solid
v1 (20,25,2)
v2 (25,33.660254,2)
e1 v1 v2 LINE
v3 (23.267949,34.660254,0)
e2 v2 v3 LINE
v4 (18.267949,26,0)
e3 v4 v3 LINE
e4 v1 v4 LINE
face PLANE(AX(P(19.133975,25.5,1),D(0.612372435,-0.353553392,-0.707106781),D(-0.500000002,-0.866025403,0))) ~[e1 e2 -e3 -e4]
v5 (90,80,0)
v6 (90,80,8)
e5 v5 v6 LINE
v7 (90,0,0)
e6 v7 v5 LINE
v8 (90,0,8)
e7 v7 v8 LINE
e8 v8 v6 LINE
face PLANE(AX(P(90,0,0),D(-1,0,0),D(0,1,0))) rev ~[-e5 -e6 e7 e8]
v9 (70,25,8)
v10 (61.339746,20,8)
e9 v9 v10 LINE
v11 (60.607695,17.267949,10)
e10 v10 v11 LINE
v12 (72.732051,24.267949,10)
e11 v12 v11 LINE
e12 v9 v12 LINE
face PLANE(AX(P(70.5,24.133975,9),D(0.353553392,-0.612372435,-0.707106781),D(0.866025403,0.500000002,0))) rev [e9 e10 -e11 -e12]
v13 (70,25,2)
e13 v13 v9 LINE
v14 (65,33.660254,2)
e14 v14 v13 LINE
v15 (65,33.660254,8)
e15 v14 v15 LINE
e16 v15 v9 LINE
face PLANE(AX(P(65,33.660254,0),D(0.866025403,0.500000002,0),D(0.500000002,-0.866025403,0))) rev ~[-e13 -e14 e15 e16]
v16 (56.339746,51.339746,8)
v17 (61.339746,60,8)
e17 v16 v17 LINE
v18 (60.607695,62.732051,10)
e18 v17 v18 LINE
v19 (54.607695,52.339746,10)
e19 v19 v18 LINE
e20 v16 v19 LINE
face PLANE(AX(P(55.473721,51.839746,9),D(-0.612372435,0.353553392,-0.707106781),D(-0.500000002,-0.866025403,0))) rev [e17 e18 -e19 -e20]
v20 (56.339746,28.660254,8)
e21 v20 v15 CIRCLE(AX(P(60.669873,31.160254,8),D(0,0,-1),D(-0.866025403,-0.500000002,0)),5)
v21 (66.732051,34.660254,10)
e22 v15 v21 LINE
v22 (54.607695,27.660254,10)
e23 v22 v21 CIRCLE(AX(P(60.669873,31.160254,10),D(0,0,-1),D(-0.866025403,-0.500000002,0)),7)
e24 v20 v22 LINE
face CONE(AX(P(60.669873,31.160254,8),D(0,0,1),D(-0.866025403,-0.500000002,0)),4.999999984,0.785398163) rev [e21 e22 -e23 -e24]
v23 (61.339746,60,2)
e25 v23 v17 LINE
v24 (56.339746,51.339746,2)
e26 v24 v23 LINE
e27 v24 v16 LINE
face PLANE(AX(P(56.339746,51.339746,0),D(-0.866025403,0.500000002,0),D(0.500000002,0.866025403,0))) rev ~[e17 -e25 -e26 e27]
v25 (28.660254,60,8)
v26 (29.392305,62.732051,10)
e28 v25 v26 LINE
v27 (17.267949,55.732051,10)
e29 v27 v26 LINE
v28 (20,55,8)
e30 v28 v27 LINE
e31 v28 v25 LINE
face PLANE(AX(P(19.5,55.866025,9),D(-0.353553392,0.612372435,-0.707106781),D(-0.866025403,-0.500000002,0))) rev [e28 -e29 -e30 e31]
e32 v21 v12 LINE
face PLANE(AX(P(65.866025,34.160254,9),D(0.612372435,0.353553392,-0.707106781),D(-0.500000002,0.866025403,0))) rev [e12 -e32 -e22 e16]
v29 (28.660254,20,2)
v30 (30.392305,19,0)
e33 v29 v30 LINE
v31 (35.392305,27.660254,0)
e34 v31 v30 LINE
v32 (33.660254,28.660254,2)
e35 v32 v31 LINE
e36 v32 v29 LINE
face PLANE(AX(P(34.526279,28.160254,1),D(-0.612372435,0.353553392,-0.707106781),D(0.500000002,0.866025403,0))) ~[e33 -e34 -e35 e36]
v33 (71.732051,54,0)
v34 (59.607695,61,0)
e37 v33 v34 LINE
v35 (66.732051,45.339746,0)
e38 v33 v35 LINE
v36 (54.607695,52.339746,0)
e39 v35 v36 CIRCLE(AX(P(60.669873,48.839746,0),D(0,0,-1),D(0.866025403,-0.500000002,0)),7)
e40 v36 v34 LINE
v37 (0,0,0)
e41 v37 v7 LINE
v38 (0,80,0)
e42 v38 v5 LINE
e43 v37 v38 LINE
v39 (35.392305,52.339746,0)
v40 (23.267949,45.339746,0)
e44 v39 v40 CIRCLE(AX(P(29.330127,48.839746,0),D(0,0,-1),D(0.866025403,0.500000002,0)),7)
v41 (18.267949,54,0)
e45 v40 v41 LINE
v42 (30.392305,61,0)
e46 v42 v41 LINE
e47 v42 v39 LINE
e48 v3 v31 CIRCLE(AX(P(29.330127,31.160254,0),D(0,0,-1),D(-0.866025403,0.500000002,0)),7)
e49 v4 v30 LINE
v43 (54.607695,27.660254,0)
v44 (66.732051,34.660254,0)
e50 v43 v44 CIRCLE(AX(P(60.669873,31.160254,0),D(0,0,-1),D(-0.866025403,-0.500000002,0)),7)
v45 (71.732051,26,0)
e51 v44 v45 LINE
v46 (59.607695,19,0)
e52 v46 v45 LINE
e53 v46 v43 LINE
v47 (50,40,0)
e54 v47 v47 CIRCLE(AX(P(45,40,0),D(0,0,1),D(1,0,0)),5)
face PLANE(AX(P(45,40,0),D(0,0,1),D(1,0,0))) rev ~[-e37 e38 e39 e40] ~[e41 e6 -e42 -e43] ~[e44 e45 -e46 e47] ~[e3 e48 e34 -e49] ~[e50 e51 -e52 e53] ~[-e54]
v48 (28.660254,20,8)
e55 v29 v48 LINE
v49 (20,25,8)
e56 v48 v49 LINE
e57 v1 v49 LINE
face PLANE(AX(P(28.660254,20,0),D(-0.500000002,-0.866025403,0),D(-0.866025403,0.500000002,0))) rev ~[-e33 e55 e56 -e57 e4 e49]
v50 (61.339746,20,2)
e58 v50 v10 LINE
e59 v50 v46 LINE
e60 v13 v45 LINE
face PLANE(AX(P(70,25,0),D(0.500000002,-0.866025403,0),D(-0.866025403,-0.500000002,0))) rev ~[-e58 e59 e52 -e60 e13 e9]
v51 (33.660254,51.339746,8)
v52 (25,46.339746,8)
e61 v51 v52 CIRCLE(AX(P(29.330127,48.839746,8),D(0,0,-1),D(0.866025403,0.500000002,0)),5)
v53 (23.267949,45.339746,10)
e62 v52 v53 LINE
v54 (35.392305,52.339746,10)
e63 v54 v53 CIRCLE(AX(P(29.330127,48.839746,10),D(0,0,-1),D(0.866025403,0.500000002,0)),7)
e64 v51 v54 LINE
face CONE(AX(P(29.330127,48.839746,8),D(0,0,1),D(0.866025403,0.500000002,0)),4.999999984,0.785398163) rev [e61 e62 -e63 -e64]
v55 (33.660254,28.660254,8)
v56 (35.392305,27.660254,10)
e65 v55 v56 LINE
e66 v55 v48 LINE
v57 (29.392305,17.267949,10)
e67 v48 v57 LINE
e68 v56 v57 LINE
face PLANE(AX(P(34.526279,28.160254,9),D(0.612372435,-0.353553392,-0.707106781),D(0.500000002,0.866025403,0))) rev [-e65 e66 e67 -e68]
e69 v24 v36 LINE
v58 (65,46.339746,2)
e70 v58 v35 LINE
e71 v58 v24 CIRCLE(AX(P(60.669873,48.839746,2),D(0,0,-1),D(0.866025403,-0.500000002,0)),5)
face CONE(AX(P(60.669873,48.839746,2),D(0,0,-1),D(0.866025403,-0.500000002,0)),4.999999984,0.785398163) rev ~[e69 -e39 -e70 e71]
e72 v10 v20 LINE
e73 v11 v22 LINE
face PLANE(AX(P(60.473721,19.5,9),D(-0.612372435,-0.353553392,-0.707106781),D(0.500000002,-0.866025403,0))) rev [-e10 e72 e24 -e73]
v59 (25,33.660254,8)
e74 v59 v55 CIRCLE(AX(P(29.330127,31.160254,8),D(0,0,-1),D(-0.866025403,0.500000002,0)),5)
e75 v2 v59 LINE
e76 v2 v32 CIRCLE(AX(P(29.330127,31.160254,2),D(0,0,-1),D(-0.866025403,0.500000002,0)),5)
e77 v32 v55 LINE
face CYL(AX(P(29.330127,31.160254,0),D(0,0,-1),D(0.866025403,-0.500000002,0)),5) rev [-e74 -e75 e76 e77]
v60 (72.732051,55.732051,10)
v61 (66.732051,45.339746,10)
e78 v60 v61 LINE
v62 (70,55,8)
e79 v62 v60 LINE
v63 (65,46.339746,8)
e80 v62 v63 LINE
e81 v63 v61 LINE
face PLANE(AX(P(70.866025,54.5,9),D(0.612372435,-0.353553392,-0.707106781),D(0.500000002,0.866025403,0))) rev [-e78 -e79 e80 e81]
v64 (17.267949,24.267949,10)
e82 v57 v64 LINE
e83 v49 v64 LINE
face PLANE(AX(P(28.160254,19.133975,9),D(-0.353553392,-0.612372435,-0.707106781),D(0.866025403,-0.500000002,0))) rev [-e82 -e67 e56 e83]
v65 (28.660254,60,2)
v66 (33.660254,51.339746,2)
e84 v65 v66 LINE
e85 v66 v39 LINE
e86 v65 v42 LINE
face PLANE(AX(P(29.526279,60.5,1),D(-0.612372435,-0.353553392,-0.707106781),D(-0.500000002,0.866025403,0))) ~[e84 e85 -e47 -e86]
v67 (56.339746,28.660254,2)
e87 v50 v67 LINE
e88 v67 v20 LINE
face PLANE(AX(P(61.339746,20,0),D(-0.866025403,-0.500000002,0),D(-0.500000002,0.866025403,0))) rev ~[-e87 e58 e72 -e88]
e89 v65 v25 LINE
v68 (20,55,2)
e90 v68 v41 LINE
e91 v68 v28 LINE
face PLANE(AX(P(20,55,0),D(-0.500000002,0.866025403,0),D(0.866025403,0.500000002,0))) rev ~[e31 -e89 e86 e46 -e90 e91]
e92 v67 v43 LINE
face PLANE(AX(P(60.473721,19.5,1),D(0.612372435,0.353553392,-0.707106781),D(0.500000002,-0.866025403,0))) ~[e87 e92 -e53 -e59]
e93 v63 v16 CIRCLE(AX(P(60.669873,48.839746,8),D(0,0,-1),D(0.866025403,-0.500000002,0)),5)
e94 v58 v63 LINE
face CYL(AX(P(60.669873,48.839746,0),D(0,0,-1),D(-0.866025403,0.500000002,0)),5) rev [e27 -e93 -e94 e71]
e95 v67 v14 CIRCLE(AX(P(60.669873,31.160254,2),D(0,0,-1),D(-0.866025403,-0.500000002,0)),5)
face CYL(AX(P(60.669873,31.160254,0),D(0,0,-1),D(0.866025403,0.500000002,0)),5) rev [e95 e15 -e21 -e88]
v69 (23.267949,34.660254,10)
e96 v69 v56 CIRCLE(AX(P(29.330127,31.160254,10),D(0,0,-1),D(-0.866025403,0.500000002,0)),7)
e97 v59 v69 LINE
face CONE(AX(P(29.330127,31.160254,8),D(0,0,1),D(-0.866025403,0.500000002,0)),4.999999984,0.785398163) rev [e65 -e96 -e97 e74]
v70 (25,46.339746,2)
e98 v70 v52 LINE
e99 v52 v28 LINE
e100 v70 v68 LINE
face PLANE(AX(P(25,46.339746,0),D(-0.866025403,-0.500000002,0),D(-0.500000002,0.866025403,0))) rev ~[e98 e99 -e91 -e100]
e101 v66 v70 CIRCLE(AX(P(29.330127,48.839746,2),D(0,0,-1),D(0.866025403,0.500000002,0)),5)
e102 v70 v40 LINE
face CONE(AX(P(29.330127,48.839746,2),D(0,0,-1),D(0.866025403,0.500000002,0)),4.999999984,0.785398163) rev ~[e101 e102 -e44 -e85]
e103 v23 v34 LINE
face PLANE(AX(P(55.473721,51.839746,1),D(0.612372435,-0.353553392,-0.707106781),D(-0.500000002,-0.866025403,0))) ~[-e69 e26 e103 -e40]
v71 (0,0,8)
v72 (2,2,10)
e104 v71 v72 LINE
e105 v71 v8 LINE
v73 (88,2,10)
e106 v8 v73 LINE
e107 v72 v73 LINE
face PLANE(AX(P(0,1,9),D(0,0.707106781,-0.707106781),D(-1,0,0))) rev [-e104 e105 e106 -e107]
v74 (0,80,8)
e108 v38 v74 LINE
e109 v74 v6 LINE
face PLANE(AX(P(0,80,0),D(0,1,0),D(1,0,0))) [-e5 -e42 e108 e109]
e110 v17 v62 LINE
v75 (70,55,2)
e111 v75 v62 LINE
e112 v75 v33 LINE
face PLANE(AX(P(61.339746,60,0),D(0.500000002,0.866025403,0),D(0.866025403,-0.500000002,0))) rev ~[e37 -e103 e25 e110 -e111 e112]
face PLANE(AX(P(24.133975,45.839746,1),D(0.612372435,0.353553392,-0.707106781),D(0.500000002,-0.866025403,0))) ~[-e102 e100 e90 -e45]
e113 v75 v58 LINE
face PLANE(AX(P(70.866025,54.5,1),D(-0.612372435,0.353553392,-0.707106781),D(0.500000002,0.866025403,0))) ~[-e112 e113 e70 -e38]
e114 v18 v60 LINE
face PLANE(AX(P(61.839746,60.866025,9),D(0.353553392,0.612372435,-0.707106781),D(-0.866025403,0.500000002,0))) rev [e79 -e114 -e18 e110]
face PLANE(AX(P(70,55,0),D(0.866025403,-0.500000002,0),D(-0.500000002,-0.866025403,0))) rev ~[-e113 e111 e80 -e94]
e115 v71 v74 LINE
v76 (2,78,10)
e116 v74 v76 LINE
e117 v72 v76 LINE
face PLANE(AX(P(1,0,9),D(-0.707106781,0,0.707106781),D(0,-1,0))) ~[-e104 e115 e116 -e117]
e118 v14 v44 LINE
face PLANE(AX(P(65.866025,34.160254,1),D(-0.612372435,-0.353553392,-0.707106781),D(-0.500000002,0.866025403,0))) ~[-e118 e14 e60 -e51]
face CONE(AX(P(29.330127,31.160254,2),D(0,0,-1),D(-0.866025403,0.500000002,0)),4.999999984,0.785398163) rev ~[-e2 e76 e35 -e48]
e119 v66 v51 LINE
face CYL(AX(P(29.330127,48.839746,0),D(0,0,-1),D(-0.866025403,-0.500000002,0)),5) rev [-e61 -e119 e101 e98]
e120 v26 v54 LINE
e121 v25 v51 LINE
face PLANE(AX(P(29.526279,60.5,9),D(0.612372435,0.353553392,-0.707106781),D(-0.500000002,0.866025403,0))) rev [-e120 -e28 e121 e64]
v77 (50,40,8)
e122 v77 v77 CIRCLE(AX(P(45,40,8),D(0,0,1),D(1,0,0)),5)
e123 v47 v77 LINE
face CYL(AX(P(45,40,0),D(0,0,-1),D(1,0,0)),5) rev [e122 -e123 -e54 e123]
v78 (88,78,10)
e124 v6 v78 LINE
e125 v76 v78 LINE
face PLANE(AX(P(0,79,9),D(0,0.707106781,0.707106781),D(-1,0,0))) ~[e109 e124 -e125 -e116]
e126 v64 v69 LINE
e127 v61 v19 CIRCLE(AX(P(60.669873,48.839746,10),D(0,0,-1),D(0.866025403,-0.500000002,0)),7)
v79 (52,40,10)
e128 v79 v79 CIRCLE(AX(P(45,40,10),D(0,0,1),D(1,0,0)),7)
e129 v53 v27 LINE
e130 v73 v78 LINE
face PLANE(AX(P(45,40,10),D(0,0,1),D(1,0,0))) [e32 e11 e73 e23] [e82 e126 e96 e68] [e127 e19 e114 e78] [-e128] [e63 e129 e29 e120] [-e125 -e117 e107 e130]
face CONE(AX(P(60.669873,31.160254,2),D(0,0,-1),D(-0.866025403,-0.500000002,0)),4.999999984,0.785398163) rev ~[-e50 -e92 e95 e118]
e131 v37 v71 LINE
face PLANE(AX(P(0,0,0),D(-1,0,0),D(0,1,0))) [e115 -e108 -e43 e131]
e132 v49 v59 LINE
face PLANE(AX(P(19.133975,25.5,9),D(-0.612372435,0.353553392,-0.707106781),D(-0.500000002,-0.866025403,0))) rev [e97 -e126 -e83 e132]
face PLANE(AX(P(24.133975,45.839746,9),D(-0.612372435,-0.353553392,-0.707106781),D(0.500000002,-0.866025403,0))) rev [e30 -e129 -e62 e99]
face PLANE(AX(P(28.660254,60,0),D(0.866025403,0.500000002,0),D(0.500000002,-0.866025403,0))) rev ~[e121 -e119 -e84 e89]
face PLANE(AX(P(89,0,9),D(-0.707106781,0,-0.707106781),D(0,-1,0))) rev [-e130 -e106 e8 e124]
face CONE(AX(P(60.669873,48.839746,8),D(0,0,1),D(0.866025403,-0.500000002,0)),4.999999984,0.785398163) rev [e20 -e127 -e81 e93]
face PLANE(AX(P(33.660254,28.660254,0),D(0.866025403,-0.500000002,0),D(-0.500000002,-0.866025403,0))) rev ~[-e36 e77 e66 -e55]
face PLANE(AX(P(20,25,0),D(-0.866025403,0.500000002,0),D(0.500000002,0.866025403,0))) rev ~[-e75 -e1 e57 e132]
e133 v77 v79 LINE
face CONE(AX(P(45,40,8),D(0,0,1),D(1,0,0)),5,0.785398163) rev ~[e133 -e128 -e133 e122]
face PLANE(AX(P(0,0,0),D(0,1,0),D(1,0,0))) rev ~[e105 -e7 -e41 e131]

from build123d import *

# Parameters (mm, degrees)
SKETCH_W      = 90
SKETCH_H      = 80
SKETCH_R      = 5
EXTRUDE_DEPTH = 10
CHAMFER_SIZE  = 2


with BuildPart() as part:
    # Sketch → Extrude (new body)
    with BuildSketch(Plane.XY):
        with Locations((45, 40)):
            Rectangle(SKETCH_W, SKETCH_H)
        with Locations((45, 40)):
            Circle(SKETCH_R, mode=Mode.SUBTRACT)
        with BuildLine():
            Line((28.660254, 60), (33.660254, 51.339746))
            ThreePointArc((25, 46.339746), (31.830127, 44.509619), (33.660254, 51.339746))
            Line((25, 46.339746), (20, 55))
            Line((20, 55), (28.660254, 60))
        make_face(mode=Mode.SUBTRACT)
        with BuildLine():
            Line((56.339746, 51.339746), (61.339746, 60))
            Line((61.339746, 60), (70, 55))
            Line((70, 55), (65, 46.339746))
            ThreePointArc((56.339746, 51.339746), (58.169873, 44.509619), (65, 46.339746))
        make_face(mode=Mode.SUBTRACT)
        with BuildLine():
            Line((65, 33.660254), (70, 25))
            Line((70, 25), (61.339746, 20))
            Line((61.339746, 20), (56.339746, 28.660254))
            ThreePointArc((65, 33.660254), (58.169873, 35.490381), (56.339746, 28.660254))
        make_face(mode=Mode.SUBTRACT)
        with BuildLine():
            Line((20, 25), (25, 33.660254))
            ThreePointArc((33.660254, 28.660254), (31.830127, 35.490381), (25, 33.660254))
            Line((33.660254, 28.660254), (28.660254, 20))
            Line((28.660254, 20), (20, 25))
        make_face(mode=Mode.SUBTRACT)
    extrude(amount=EXTRUDE_DEPTH)

    # Chamfer
    chamfer_edges = [part.edges().sort_by_distance(p)[0] for p in [
        (45, 0, 10),
        (90, 40, 10),
        (45, 80, 10),
        (0, 40, 10),
        (31.160254, 24.330127, 0),
        (24.330127, 22.5, 10),
        (22.5, 29.330127, 10),
        (65, 33.660254, 5),
        (67.5, 29.330127, 0),
        (65.669873, 22.5, 10),
        (58.839746, 24.330127, 10),
        (56.339746, 51.339746, 5),
        (58.839746, 55.669873, 0),
        (65.669873, 57.5, 10),
        (67.5, 50.669873, 10),
        (25, 46.339746, 5),
        (22.5, 50.669873, 0),
        (24.330127, 57.5, 10),
        (31.160254, 55.669873, 10),
        (50, 40, 5),
        (40, 40, 10),
    ]]
    chamfer(chamfer_edges, length=CHAMFER_SIZE)


solid = part.part
